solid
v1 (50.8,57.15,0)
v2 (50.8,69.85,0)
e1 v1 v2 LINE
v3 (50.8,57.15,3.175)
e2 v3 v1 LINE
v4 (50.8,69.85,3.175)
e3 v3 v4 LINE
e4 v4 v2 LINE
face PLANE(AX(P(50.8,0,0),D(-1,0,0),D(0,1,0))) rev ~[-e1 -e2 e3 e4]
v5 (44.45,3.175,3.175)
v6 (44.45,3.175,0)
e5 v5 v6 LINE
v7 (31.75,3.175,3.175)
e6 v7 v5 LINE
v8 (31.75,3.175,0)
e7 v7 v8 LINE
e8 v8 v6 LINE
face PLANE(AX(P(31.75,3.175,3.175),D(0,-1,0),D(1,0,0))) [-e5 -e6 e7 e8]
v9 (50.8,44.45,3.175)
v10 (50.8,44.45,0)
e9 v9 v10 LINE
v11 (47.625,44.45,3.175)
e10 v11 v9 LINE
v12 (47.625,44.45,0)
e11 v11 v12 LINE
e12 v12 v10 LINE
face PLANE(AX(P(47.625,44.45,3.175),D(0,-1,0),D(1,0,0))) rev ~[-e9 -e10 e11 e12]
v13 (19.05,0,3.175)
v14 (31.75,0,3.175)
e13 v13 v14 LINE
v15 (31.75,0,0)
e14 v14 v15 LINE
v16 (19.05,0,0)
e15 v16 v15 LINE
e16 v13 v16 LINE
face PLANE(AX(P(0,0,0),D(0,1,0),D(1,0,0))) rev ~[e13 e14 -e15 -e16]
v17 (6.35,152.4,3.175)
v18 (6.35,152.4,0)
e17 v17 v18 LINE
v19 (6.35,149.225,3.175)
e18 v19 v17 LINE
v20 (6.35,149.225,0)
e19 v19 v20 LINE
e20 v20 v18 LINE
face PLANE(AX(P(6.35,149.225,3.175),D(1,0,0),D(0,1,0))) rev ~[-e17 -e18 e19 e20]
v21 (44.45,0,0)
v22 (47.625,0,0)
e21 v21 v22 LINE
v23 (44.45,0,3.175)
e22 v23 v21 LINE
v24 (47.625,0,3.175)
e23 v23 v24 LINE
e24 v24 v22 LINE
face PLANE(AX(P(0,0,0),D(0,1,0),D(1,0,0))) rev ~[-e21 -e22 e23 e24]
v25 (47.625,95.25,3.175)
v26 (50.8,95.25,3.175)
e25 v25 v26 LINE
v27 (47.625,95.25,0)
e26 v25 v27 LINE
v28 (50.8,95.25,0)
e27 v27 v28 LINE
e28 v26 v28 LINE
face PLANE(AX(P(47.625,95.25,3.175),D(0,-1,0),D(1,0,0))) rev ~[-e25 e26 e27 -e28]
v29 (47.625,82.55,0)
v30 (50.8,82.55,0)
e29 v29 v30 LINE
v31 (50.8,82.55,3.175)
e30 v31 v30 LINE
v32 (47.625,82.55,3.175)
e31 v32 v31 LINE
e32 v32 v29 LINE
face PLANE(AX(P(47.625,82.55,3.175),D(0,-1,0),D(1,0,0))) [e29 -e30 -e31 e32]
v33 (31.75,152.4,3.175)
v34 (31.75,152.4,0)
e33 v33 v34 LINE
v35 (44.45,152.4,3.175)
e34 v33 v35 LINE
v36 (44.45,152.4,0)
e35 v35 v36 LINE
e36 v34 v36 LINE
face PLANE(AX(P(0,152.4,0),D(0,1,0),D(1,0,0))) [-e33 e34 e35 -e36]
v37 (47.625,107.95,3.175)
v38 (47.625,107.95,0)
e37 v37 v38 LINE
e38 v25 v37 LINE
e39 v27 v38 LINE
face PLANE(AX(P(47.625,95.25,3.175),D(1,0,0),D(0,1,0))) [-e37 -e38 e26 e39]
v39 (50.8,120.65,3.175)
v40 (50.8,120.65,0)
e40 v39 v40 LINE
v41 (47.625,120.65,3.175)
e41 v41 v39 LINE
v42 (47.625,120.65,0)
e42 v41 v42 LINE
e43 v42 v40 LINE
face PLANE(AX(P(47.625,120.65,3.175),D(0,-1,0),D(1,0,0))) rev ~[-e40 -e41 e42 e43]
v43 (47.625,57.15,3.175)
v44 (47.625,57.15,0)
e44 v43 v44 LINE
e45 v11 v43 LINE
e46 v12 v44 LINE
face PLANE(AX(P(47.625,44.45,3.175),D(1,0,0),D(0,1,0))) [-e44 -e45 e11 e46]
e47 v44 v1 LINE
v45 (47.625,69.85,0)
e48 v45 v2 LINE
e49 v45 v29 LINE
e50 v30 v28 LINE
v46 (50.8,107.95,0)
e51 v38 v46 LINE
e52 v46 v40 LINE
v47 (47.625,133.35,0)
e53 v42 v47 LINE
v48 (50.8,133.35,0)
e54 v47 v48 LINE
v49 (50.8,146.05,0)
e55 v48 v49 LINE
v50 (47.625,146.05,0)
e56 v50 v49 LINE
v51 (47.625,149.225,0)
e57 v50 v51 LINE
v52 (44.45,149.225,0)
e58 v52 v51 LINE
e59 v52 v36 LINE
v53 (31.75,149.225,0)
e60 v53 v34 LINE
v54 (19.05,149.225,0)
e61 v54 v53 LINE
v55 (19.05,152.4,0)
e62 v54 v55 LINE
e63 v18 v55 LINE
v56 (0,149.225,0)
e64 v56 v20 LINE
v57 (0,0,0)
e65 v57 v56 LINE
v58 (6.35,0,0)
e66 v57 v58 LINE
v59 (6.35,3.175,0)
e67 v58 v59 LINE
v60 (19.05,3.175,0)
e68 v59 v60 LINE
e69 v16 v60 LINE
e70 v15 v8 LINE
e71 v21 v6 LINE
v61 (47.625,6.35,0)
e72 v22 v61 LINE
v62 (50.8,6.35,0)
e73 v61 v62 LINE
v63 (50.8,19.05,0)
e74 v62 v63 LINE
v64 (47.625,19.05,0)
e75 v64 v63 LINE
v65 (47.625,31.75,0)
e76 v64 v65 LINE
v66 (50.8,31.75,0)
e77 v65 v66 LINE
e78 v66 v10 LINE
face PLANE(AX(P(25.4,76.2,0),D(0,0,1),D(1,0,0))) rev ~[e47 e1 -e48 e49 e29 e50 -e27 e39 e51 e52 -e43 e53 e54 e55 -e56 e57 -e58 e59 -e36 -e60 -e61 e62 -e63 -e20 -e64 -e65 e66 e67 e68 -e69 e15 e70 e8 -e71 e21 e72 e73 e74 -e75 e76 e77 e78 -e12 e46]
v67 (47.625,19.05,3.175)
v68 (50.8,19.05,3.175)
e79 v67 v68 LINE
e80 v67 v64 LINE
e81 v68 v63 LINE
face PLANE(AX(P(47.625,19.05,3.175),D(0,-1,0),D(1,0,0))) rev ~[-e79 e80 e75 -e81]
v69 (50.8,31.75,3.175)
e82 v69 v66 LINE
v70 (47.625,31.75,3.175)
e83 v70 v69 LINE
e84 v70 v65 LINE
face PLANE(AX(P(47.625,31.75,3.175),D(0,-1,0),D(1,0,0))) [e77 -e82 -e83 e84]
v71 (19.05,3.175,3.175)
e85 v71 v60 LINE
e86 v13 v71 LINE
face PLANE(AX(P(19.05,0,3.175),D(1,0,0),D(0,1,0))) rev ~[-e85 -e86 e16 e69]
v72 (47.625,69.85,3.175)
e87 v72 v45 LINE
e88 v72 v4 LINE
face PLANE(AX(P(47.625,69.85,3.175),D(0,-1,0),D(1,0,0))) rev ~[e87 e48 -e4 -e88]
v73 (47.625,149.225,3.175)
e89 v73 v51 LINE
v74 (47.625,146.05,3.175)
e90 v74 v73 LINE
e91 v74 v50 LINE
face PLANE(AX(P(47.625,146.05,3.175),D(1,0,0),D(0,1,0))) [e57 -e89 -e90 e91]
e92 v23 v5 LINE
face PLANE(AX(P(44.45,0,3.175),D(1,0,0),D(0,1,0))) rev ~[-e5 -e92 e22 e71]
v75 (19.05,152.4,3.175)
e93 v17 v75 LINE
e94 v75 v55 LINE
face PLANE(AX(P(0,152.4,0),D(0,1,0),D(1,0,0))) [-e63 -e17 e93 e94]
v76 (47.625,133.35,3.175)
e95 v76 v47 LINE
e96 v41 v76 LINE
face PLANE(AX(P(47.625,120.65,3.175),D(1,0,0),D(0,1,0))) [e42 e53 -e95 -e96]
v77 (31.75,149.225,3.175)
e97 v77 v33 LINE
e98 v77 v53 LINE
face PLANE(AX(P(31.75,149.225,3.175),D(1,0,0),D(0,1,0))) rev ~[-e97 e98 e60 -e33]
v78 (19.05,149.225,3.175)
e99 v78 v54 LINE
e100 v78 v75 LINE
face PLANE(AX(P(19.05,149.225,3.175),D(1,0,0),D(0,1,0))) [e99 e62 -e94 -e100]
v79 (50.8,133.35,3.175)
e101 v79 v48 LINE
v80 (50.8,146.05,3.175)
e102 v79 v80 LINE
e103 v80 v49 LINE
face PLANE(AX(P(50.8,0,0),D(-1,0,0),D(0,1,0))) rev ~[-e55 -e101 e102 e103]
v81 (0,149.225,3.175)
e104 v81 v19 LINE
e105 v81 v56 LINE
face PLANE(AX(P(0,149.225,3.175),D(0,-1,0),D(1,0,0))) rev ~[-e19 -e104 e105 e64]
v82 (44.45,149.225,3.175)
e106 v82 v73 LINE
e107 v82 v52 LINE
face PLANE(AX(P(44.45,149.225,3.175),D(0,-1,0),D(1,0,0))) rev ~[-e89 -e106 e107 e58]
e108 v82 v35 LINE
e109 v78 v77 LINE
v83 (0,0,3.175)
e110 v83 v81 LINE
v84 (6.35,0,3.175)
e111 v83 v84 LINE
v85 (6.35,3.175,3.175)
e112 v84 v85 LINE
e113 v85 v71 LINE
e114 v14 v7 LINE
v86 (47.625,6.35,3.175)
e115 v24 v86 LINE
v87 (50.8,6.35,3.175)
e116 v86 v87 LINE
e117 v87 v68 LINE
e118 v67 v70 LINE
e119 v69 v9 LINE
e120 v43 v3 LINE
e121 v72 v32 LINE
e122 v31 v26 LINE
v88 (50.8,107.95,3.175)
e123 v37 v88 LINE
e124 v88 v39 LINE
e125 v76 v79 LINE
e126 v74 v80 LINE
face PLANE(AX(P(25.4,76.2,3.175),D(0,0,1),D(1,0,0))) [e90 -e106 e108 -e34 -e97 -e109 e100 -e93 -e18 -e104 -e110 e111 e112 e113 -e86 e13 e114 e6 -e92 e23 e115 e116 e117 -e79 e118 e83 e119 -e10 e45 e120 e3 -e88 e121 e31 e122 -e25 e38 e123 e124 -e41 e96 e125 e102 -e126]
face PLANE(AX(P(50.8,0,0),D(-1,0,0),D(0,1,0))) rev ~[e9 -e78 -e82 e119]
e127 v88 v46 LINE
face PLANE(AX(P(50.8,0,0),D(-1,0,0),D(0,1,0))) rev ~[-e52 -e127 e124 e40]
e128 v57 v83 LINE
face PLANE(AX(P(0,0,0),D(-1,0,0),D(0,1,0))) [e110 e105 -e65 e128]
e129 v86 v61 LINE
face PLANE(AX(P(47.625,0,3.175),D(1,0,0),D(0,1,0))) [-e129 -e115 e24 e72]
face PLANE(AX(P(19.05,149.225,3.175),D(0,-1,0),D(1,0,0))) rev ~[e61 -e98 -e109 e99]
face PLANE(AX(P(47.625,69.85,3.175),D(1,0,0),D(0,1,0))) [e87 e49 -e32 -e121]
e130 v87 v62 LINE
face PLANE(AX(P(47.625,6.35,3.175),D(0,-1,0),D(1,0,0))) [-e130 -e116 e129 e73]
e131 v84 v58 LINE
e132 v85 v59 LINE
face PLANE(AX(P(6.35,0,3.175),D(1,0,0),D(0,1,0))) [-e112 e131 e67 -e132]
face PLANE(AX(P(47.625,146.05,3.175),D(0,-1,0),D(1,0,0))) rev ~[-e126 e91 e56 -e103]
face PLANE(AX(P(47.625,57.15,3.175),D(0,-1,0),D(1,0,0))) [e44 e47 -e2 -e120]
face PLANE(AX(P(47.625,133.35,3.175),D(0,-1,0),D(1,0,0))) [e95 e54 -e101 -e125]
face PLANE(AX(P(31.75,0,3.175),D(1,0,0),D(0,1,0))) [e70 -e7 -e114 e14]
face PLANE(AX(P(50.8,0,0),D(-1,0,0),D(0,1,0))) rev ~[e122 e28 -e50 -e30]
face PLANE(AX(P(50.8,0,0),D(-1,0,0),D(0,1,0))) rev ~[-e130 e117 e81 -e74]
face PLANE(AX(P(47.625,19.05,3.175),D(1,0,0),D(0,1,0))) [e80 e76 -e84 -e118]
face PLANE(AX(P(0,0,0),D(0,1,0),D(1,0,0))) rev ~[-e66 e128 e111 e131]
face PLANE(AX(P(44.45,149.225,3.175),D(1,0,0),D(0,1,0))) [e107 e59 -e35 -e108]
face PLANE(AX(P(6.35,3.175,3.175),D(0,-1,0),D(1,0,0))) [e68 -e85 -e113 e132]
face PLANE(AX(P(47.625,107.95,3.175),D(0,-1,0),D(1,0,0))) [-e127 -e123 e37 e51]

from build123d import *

# Parameters (mm, degrees)
SKETCH1_W          = 50.8
SKETCH1_H          = 152.4
EXTRUDE1_DEPTH     = 3.175
SKETCH3_W          = 3.175
SKETCH3_H          = 6.35
CUT_EXTRUDE1_DEPTH = 3.175
LPATTERN1_COUNT    = 2
LPATTERN1_PITCH    = 146.05
SKETCH4_W          = 3.175
SKETCH4_H          = 12.7
CUT_EXTRUDE2_DEPTH = 3.175
LPATTERN2_COUNT    = 5
LPATTERN2_PITCH    = 25.4
SKETCH5_W          = 12.7
SKETCH5_H          = 3.175
CUT_EXTRUDE3_DEPTH = 3.175
SKETCH6_W          = 6.35
SKETCH6_H          = 3.175
CUT_EXTRUDE4_DEPTH = 3.175
LPATTERN3_COUNT    = 2
LPATTERN3_PITCH    = 44.45
LPATTERN4_COUNT    = 2
LPATTERN4_PITCH    = 25.4
SKETCH7_W          = 12.7
SKETCH7_H          = 3.175
CUT_EXTRUDE5_DEPTH = 4.175


with BuildPart() as part:
    # Sketch1 → Extrude1 (new body)
    with BuildSketch(Plane.XY):
        with Locations((25.4, 76.2)):
            Rectangle(SKETCH1_W, SKETCH1_H)
    extrude(amount=EXTRUDE1_DEPTH)

    # Sketch3 → Cut-Extrude1 (cut)
    with BuildSketch(Plane.XY.offset(3.175)):
        with Locations((49.2125, 149.225)):
            Rectangle(SKETCH3_W, SKETCH3_H)
    cut_extrude1 = extrude(amount=-CUT_EXTRUDE1_DEPTH, mode=Mode.SUBTRACT)

    # LPattern1: Cut-Extrude1 ×2
    with Locations(*[(0, -i * LPATTERN1_PITCH, 0) for i in range(1, LPATTERN1_COUNT)]):
        add(cut_extrude1, mode=Mode.SUBTRACT)

    # Sketch4 → Cut-Extrude2 (cut)
    with BuildSketch(Plane.XY.offset(3.175)):
        with Locations((49.2125, 127)):
            Rectangle(SKETCH4_W, SKETCH4_H)
    cut_extrude2 = extrude(amount=-CUT_EXTRUDE2_DEPTH, mode=Mode.SUBTRACT)

    # LPattern2: Cut-Extrude2 ×5
    with Locations(*[(0, -i * LPATTERN2_PITCH, 0) for i in range(1, LPATTERN2_COUNT)]):
        add(cut_extrude2, mode=Mode.SUBTRACT)

    # Sketch5 → Cut-Extrude3 (cut)
    with BuildSketch(Plane.XY.offset(3.175)):
        with Locations((12.7, 1.5875)):
            Rectangle(SKETCH5_W, SKETCH5_H)
    cut_extrude3 = extrude(amount=-CUT_EXTRUDE3_DEPTH, mode=Mode.SUBTRACT)

    # Sketch6 → Cut-Extrude4 (cut)
    with BuildSketch(Plane.XY.offset(3.175)):
        with Locations((3.175, 150.8125)):
            Rectangle(SKETCH6_W, SKETCH6_H)
    cut_extrude4 = extrude(amount=-CUT_EXTRUDE4_DEPTH, mode=Mode.SUBTRACT)

    # LPattern3: Cut-Extrude4 ×2
    with Locations(*[(i * LPATTERN3_PITCH, 0, 0) for i in range(1, LPATTERN3_COUNT)]):
        add(cut_extrude4, mode=Mode.SUBTRACT)

    # LPattern4: Cut-Extrude3 ×2
    with Locations(*[(i * LPATTERN4_PITCH, 0, 0) for i in range(1, LPATTERN4_COUNT)]):
        add(cut_extrude3, mode=Mode.SUBTRACT)

    # Sketch7 → Cut-Extrude5 (cut, through all)
    with BuildSketch(Plane.XY.offset(3.175)):
        with Locations((25.4, 150.8125)):
            Rectangle(SKETCH7_W, SKETCH7_H)
    extrude(amount=-CUT_EXTRUDE5_DEPTH, mode=Mode.SUBTRACT)


solid = part.part
